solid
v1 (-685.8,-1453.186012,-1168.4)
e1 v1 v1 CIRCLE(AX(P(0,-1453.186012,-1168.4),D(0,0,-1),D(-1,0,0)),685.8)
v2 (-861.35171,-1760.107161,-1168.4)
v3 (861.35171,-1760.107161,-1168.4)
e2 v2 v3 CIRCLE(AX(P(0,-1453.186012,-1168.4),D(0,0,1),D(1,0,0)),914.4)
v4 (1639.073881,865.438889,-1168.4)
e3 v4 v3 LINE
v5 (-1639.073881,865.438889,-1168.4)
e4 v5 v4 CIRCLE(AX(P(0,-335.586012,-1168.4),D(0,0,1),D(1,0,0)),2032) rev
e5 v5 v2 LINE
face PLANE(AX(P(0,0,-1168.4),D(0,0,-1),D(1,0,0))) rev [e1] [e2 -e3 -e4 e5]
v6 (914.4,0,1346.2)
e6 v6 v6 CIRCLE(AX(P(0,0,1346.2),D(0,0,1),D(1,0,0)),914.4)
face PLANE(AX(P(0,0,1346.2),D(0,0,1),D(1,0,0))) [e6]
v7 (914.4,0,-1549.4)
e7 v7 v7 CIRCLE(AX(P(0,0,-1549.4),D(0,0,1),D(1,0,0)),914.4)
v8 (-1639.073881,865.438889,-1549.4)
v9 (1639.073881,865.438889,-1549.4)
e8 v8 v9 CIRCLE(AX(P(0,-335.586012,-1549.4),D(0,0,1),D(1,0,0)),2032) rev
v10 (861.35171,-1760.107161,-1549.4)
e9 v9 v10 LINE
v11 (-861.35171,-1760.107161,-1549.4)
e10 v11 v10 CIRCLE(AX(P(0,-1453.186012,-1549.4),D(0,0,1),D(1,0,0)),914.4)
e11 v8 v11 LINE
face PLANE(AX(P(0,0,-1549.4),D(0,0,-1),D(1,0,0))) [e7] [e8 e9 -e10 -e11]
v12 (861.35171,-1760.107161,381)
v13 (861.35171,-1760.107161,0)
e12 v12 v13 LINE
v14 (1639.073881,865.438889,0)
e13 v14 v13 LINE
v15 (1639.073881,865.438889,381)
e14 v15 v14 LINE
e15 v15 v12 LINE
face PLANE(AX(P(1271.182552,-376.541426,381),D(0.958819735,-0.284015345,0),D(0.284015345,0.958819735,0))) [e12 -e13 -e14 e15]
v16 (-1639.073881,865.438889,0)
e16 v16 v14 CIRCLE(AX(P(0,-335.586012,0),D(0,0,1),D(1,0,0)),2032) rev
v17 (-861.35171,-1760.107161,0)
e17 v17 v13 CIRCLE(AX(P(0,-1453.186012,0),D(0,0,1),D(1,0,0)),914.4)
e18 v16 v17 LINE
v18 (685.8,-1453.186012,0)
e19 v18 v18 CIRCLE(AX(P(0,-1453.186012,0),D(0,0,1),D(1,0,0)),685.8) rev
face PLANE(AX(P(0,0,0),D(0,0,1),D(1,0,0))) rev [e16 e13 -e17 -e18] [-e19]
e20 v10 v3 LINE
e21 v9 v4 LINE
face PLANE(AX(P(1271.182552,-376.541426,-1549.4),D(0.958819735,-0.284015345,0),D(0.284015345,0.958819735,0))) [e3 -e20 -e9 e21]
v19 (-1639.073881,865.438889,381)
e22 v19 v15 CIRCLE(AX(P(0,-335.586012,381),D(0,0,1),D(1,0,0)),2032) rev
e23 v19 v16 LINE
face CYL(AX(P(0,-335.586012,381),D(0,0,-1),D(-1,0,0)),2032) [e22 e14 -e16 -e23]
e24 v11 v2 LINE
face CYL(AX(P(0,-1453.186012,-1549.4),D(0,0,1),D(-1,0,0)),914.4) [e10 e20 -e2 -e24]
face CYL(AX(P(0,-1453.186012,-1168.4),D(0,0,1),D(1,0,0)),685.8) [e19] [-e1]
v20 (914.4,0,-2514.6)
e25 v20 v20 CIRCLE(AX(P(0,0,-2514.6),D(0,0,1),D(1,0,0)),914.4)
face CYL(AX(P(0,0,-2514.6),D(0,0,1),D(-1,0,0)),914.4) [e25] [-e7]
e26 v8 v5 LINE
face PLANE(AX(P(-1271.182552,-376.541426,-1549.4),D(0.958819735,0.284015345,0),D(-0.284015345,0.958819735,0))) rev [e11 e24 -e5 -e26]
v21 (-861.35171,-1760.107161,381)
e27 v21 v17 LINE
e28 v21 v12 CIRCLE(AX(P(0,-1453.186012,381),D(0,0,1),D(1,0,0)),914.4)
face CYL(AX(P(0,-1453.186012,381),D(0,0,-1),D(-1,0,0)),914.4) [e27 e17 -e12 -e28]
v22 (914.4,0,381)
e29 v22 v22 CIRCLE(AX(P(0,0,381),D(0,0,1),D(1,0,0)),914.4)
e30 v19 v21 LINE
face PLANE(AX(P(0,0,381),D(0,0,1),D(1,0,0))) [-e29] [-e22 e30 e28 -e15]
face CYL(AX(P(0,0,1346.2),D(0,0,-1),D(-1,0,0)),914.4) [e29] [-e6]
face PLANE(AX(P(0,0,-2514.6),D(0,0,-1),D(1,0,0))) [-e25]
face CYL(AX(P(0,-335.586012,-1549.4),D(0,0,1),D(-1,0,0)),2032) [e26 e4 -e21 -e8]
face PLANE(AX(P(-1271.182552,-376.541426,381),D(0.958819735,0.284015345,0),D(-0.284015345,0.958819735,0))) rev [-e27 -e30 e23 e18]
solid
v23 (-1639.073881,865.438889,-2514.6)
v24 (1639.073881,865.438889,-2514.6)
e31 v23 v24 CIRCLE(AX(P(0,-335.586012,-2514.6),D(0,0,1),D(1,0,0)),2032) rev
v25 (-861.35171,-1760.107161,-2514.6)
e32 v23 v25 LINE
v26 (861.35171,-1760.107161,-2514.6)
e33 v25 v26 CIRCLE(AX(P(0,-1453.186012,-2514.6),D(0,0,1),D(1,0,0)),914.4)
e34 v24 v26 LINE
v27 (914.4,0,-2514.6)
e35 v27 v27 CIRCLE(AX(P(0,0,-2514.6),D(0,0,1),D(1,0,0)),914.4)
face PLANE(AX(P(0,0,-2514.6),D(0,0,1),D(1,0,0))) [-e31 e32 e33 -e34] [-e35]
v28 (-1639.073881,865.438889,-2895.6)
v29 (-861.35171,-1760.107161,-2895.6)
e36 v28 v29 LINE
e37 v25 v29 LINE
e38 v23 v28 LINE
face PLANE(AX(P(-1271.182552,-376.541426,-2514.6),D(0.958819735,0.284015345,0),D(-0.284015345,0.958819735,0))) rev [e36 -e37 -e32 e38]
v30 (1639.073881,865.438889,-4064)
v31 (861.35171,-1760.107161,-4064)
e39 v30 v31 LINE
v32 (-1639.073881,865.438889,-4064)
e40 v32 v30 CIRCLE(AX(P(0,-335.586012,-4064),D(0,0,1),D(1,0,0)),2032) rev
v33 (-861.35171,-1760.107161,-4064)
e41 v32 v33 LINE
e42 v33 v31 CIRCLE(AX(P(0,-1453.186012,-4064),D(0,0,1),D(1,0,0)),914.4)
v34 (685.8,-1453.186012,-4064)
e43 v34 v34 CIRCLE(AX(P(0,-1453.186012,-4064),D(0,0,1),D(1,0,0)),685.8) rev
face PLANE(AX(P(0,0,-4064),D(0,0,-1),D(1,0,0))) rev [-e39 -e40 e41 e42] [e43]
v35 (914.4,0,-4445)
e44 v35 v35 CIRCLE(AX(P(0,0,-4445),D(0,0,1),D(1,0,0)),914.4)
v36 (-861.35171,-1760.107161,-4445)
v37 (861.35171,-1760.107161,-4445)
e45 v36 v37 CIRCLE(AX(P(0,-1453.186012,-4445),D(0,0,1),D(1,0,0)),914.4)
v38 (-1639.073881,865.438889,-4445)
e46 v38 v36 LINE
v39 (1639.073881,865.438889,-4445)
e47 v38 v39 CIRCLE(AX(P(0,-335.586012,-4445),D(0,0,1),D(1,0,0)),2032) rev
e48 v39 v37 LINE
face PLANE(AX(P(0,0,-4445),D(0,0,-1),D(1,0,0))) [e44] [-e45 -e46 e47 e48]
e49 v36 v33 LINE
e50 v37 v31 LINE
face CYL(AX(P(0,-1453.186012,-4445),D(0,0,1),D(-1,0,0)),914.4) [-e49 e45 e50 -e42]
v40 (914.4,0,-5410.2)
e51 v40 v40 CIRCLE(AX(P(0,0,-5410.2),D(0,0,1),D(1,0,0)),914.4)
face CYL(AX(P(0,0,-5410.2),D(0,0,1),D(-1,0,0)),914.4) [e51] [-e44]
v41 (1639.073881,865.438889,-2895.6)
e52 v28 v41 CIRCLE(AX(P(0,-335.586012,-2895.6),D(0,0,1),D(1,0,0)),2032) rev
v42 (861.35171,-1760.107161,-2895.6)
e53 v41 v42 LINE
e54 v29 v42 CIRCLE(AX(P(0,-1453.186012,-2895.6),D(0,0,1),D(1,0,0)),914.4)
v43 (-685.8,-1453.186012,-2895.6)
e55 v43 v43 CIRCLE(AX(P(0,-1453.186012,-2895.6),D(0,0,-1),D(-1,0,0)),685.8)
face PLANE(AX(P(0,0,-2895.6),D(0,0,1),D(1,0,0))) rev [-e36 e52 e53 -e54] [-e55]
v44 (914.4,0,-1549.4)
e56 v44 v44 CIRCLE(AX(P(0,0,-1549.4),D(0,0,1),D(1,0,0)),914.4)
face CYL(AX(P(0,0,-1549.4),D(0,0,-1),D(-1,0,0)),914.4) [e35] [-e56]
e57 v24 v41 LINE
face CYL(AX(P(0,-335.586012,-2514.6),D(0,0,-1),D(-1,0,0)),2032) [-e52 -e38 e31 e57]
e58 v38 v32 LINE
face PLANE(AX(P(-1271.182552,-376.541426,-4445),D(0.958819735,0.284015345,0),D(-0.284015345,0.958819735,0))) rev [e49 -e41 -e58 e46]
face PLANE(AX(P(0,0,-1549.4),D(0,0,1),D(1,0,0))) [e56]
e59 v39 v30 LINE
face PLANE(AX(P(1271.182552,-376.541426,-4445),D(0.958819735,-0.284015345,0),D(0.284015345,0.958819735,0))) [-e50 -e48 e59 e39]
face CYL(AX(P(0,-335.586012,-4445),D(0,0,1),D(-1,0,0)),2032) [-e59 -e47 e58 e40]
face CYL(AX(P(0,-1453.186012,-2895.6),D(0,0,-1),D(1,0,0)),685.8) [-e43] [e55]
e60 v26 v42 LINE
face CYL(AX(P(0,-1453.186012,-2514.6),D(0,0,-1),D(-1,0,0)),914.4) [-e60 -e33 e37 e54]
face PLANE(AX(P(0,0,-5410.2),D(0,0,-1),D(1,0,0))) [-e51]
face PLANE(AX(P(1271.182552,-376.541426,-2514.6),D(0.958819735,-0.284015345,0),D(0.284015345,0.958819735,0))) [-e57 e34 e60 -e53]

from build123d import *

# Parameters (mm, degrees)
BOSS_EXTRUDE1_DEPTH = 381
SKETCH3_R           = 685.8
BOSS_EXTRUDE2_DEPTH = 1168.4
SKETCH4_R           = 914.4
BOSS_EXTRUDE3_DEPTH = 965.2


with BuildPart() as part:
    # Sketch2 → Boss-Extrude1 (new body)
    with BuildSketch(Plane.XY):
        with BuildLine():
            ThreePointArc((1639.073881445, 865.438888575), (0, 1696.413988265), (-1639.073881445, 865.438888575))
            Line((-1639.073881445, 865.438888575), (-889.551566195, -1664.906041679))
            ThreePointArc((-889.551566195, -1664.906041679), (-106.586602983, -545.019366199), (914.4, -1453.186011735))
            ThreePointArc((914.4, -1453.186011735), (908.166645536, -1559.772614718), (889.551566195, -1664.906041679))
            Line((889.551566195, -1664.906041679), (1639.073881445, 865.438888575))
        make_face()
        with BuildLine():
            ThreePointArc((914.4, -1453.186011735), (-106.586602983, -545.019366199), (-889.551566195, -1664.906041679))
            Line((-889.551566195, -1664.906041679), (-861.35171004, -1760.107160586))
            ThreePointArc((-861.35171004, -1760.107160586), (0, -2367.586011735), (861.35171004, -1760.107160586))
            Line((861.35171004, -1760.107160586), (889.551566195, -1664.906041679))
            ThreePointArc((889.551566195, -1664.906041679), (908.166645536, -1559.772614718), (914.4, -1453.186011735))
        make_face()
    extrude(amount=BOSS_EXTRUDE1_DEPTH)

    # Sketch3 → Boss-Extrude2 (add)
    with BuildSketch(Plane(origin=(0, 0, 0), x_dir=(-1, 0, 0), z_dir=(0, 0, -1))):
        with Locations((0, -1453.186011735)):
            Circle(SKETCH3_R)
    extrude(amount=BOSS_EXTRUDE2_DEPTH)

    # Sketch4 → Boss-Extrude3 (add)
    with BuildSketch(Plane.XY.offset(381)):
        Circle(SKETCH4_R)
    extrude(amount=BOSS_EXTRUDE3_DEPTH)

    # Mirror1: part across plane


with BuildPart() as part_1:
    add(part.part)
    add(part.part.mirror(Plane(origin=(0, 0, -584.2), x_dir=(1, 0, 0), z_dir=(0, 0, -1))))


with BuildPart() as body_2:
    # Mirror2: mirrored copy
    add(part_1.part.mirror(Plane(origin=(0, 0, -2032), x_dir=(1, 0, 0), z_dir=(0, 0, -1))))


solid = Compound([part_1.part, body_2.part])
